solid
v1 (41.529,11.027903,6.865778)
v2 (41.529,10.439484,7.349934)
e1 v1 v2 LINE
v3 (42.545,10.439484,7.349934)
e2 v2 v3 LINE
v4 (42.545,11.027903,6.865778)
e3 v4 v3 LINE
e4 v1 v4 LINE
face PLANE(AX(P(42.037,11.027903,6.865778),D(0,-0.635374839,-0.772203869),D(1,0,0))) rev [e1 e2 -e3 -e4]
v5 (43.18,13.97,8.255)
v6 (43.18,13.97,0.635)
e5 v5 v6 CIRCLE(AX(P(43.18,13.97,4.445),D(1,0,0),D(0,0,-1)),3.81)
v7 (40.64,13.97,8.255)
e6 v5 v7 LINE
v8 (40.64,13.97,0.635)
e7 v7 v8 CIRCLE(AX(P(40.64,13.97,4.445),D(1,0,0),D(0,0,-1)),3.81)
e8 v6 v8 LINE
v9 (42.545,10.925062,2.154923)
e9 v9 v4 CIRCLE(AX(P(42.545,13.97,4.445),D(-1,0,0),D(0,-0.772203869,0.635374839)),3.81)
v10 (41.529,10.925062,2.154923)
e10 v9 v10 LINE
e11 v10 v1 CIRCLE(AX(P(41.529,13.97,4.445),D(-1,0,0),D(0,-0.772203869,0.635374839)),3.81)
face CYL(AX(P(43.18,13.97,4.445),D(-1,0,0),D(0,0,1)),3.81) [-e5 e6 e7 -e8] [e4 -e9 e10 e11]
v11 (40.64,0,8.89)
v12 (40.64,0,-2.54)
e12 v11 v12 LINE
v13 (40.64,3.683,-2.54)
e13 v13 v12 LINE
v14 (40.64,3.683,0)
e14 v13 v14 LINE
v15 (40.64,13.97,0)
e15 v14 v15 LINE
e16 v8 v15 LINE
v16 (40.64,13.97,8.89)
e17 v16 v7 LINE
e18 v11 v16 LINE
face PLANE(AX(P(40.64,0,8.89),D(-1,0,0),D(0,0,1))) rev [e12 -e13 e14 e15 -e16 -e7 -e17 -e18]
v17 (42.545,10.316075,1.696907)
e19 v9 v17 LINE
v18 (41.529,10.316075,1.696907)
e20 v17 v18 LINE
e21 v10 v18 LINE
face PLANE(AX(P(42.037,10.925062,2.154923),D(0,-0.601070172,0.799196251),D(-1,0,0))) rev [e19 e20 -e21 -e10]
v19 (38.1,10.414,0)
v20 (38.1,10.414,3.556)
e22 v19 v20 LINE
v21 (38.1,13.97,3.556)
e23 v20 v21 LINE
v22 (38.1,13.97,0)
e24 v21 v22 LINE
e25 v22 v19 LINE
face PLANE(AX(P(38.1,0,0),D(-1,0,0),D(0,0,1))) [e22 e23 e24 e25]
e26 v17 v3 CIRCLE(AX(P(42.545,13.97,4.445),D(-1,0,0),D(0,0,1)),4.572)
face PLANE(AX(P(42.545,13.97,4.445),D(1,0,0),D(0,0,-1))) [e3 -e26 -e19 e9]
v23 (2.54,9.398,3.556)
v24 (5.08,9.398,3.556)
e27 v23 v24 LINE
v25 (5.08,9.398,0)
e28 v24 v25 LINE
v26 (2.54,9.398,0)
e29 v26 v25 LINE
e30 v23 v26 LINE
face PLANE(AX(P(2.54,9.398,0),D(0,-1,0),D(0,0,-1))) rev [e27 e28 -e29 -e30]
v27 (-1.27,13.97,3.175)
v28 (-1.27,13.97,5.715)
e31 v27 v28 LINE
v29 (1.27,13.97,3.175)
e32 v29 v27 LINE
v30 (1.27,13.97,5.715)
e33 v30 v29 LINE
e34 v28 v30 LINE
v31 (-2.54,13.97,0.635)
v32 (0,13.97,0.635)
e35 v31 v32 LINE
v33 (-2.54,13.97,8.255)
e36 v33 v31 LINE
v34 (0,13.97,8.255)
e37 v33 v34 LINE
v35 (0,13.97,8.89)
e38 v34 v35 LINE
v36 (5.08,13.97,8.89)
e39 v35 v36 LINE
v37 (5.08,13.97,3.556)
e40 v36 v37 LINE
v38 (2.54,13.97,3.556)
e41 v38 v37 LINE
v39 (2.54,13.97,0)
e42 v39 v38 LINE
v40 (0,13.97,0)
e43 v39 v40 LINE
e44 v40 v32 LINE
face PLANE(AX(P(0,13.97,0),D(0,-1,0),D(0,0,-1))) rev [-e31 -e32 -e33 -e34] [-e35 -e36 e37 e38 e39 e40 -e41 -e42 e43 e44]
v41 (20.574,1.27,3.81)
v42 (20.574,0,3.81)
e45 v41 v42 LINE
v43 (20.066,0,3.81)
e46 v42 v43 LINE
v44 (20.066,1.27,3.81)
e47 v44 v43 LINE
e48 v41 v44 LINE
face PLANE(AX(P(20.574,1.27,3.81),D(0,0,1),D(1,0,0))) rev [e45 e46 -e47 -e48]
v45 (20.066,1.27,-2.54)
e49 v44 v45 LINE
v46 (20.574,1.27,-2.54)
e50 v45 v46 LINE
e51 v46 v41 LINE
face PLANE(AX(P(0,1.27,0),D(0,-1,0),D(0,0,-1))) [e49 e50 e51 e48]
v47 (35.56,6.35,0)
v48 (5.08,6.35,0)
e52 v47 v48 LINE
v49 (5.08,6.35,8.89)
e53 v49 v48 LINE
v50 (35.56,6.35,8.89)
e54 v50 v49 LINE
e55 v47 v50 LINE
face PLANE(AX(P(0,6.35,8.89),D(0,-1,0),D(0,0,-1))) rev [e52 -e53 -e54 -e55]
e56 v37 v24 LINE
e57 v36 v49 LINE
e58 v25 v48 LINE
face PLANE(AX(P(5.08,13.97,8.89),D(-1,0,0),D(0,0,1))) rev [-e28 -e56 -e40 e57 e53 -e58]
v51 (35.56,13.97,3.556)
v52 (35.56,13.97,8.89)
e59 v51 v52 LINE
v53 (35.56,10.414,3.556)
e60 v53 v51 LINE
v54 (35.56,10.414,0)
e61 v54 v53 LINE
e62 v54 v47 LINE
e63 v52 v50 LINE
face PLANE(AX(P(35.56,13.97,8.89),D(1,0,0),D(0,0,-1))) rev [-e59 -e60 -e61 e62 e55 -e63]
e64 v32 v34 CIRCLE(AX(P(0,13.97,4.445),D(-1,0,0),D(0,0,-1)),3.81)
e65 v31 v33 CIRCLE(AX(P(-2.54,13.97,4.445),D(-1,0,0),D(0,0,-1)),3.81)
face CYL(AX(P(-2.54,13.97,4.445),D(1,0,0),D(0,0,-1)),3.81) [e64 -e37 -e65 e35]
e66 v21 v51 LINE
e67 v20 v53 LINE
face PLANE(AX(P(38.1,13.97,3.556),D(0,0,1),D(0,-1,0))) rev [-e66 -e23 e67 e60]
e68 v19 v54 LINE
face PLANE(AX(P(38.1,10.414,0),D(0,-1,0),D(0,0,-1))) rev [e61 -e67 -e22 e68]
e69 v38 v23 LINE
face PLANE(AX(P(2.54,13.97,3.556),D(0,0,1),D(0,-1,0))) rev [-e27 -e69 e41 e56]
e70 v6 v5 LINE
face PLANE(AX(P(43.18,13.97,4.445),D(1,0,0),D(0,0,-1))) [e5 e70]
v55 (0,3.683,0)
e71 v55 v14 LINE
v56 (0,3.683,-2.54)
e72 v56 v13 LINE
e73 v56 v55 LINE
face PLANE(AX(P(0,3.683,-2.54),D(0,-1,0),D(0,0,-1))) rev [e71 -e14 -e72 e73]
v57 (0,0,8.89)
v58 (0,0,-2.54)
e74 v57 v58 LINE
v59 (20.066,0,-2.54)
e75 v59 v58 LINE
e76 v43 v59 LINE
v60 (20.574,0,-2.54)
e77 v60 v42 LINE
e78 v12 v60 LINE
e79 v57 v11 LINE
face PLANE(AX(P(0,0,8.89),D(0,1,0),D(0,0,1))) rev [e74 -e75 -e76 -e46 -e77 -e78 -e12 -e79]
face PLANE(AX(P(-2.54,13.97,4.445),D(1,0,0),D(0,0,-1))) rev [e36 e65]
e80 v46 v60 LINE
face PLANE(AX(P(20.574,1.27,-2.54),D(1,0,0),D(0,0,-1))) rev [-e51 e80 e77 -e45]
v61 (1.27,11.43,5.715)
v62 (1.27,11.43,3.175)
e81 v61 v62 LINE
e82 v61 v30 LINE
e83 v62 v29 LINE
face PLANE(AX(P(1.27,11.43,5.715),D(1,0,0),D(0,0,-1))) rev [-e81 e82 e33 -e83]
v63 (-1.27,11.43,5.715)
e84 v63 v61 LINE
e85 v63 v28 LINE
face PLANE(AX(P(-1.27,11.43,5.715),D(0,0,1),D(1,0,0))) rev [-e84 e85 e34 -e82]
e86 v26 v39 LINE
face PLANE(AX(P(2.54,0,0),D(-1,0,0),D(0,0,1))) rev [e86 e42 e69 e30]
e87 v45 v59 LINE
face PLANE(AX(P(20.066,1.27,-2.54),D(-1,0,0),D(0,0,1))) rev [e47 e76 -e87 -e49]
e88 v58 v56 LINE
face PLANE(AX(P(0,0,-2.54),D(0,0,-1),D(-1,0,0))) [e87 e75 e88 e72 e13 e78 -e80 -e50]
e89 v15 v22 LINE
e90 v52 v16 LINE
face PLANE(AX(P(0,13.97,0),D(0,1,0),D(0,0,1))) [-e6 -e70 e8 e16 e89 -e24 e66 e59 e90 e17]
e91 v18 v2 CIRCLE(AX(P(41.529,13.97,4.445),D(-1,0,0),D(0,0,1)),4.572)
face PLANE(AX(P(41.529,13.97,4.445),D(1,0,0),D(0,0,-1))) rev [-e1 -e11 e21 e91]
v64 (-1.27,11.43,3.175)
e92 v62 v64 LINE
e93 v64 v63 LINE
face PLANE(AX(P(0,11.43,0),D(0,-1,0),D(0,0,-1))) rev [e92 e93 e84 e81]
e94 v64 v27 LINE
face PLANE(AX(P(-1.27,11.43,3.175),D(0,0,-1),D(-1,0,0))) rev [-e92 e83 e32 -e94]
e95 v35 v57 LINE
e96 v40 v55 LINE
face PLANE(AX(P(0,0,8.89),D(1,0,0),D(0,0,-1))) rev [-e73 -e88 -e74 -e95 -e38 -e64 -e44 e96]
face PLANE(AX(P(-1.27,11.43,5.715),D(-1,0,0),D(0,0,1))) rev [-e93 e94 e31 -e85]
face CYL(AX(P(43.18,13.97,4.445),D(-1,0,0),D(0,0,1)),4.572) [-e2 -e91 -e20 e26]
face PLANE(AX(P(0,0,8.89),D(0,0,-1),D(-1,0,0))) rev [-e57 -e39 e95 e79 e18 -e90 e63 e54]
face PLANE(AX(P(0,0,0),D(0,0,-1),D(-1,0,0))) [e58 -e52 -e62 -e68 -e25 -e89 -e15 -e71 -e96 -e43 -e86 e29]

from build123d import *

# Parameters (mm, degrees)
SKETCH1_W           = 40.64
SKETCH1_H           = 6.35
BOSS_EXTRUDE1_DEPTH = 8.89
SKETCH2_W           = 5.08
SKETCH2_H           = 8.89
BOSS_EXTRUDE2_DEPTH = 7.62
SKETCH3_W           = 5.08
SKETCH3_H           = 8.89
BOSS_EXTRUDE3_DEPTH = 7.62
SKETCH4_W           = 3.556
SKETCH4_H           = 4.572
CUT_EXTRUDE1_DEPTH  = 2.54
BOSS_EXTRUDE4_DEPTH = 2.54
SKETCH6_W           = 40.64
SKETCH6_H           = 3.683
BOSS_EXTRUDE5_DEPTH = 2.54
SKETCH7_W           = 3.556
SKETCH7_H           = 3.556
CUT_EXTRUDE2_DEPTH  = 2.54
BOSS_EXTRUDE6_START = 2.54
BOSS_EXTRUDE6_DEPTH = 2.54
WRAP1_SECTION_W     = 0.762
WRAP1_SECTION_H     = 1.016
WRAP1_ANGLE         = 76.394372684
SKETCH11_W          = 0.508
SKETCH11_H          = 6.35
CUT_EXTRUDE3_DEPTH  = 1.27
SKETCH12_W          = 2.54
SKETCH12_H          = 2.54
CUT_EXTRUDE4_DEPTH  = 2.54


with BuildPart() as part:
    # Sketch1 → Boss-Extrude1 (new body)
    with BuildSketch(Plane.XY):
        with Locations((20.32, 3.175)):
            Rectangle(SKETCH1_W, SKETCH1_H)
    extrude(amount=BOSS_EXTRUDE1_DEPTH)

    # Sketch2 → Boss-Extrude2 (add)
    with BuildSketch(Plane(origin=(0, 6.35, 0), x_dir=(1, 0, 0), z_dir=(0, 1, 0))):
        with Locations((2.54, -4.445)):
            Rectangle(SKETCH2_W, SKETCH2_H)
    extrude(amount=BOSS_EXTRUDE2_DEPTH)

    # Sketch3 → Boss-Extrude3 (add)
    with BuildSketch(Plane(origin=(0, 6.35, 0), x_dir=(1, 0, 0), z_dir=(0, 1, 0))):
        with Locations((38.1, -4.445)):
            Rectangle(SKETCH3_W, SKETCH3_H)
    extrude(amount=BOSS_EXTRUDE3_DEPTH)

    # Sketch4 → Cut-Extrude1 (cut)
    with BuildSketch(Plane(origin=(5.08, 0, 0), x_dir=(0, 0, -1), z_dir=(1, 0, 0))):
        with Locations((-1.778, 11.684)):
            Rectangle(SKETCH4_W, SKETCH4_H)
    extrude(amount=-CUT_EXTRUDE1_DEPTH, mode=Mode.SUBTRACT)

    # Sketch5 → Boss-Extrude4 (add)
    with BuildSketch(Plane.ZY):
        with BuildLine():
            Line((8.255, 13.97), (0.635, 13.97))
            ThreePointArc((0.635, 13.97), (4.445, 10.16), (8.255, 13.97))
        make_face()
    extrude(amount=BOSS_EXTRUDE4_DEPTH)

    # Sketch6 → Boss-Extrude5 (add)
    with BuildSketch(Plane(origin=(0, 0, 0), x_dir=(-1, 0, 0), z_dir=(0, 0, -1))):
        with Locations((-20.32, 1.8415)):
            Rectangle(SKETCH6_W, SKETCH6_H)
    extrude(amount=BOSS_EXTRUDE5_DEPTH)

    # Sketch7 → Cut-Extrude2 (cut)
    with BuildSketch(Plane.ZY.offset(-35.56)):
        with Locations((1.778, 12.192)):
            Rectangle(SKETCH7_W, SKETCH7_H)
    extrude(amount=-CUT_EXTRUDE2_DEPTH, mode=Mode.SUBTRACT)

    # Sketch8 → Boss-Extrude6 (add)
    with BuildSketch(Plane(origin=(40.64, 0, 0), x_dir=(0, 0, -1), z_dir=(1, 0, 0)).offset(BOSS_EXTRUDE6_START)):
        with BuildLine():
            Line((-0.635, 13.97), (-8.255, 13.97))
            ThreePointArc((-8.255, 13.97), (-4.445, 10.16), (-0.635, 13.97))
        make_face()
    extrude(amount=-BOSS_EXTRUDE6_DEPTH)

    # Wrap1 section (on wrap section) → Wrap1 (revolve)
    with BuildSketch(Plane(origin=(43.18, 13.97, 4.445), x_dir=(0, -0.772203868534924, 0.6353748385163658), z_dir=(0, 0.6353748385163658, 0.772203868534924))):
        with Locations((4.191, -1.143)):
            Rectangle(WRAP1_SECTION_W, WRAP1_SECTION_H)
    revolve(axis=Axis((43.18, 13.97, 4.445), (1, 0, 0)), revolution_arc=WRAP1_ANGLE)

    # Sketch11 → Cut-Extrude3 (cut)
    with BuildSketch(Plane.XZ):
        with Locations((20.32, 0.635)):
            Rectangle(SKETCH11_W, SKETCH11_H)
    extrude(amount=-CUT_EXTRUDE3_DEPTH, mode=Mode.SUBTRACT)

    # Sketch12 → Cut-Extrude4 (cut)
    with BuildSketch(Plane(origin=(0, 13.97, 0), x_dir=(1, 0, 0), z_dir=(0, 1, 0))):
        with Locations((0, -4.445)):
            Rectangle(SKETCH12_W, SKETCH12_H)
    extrude(amount=-CUT_EXTRUDE4_DEPTH, mode=Mode.SUBTRACT)


solid = part.part
